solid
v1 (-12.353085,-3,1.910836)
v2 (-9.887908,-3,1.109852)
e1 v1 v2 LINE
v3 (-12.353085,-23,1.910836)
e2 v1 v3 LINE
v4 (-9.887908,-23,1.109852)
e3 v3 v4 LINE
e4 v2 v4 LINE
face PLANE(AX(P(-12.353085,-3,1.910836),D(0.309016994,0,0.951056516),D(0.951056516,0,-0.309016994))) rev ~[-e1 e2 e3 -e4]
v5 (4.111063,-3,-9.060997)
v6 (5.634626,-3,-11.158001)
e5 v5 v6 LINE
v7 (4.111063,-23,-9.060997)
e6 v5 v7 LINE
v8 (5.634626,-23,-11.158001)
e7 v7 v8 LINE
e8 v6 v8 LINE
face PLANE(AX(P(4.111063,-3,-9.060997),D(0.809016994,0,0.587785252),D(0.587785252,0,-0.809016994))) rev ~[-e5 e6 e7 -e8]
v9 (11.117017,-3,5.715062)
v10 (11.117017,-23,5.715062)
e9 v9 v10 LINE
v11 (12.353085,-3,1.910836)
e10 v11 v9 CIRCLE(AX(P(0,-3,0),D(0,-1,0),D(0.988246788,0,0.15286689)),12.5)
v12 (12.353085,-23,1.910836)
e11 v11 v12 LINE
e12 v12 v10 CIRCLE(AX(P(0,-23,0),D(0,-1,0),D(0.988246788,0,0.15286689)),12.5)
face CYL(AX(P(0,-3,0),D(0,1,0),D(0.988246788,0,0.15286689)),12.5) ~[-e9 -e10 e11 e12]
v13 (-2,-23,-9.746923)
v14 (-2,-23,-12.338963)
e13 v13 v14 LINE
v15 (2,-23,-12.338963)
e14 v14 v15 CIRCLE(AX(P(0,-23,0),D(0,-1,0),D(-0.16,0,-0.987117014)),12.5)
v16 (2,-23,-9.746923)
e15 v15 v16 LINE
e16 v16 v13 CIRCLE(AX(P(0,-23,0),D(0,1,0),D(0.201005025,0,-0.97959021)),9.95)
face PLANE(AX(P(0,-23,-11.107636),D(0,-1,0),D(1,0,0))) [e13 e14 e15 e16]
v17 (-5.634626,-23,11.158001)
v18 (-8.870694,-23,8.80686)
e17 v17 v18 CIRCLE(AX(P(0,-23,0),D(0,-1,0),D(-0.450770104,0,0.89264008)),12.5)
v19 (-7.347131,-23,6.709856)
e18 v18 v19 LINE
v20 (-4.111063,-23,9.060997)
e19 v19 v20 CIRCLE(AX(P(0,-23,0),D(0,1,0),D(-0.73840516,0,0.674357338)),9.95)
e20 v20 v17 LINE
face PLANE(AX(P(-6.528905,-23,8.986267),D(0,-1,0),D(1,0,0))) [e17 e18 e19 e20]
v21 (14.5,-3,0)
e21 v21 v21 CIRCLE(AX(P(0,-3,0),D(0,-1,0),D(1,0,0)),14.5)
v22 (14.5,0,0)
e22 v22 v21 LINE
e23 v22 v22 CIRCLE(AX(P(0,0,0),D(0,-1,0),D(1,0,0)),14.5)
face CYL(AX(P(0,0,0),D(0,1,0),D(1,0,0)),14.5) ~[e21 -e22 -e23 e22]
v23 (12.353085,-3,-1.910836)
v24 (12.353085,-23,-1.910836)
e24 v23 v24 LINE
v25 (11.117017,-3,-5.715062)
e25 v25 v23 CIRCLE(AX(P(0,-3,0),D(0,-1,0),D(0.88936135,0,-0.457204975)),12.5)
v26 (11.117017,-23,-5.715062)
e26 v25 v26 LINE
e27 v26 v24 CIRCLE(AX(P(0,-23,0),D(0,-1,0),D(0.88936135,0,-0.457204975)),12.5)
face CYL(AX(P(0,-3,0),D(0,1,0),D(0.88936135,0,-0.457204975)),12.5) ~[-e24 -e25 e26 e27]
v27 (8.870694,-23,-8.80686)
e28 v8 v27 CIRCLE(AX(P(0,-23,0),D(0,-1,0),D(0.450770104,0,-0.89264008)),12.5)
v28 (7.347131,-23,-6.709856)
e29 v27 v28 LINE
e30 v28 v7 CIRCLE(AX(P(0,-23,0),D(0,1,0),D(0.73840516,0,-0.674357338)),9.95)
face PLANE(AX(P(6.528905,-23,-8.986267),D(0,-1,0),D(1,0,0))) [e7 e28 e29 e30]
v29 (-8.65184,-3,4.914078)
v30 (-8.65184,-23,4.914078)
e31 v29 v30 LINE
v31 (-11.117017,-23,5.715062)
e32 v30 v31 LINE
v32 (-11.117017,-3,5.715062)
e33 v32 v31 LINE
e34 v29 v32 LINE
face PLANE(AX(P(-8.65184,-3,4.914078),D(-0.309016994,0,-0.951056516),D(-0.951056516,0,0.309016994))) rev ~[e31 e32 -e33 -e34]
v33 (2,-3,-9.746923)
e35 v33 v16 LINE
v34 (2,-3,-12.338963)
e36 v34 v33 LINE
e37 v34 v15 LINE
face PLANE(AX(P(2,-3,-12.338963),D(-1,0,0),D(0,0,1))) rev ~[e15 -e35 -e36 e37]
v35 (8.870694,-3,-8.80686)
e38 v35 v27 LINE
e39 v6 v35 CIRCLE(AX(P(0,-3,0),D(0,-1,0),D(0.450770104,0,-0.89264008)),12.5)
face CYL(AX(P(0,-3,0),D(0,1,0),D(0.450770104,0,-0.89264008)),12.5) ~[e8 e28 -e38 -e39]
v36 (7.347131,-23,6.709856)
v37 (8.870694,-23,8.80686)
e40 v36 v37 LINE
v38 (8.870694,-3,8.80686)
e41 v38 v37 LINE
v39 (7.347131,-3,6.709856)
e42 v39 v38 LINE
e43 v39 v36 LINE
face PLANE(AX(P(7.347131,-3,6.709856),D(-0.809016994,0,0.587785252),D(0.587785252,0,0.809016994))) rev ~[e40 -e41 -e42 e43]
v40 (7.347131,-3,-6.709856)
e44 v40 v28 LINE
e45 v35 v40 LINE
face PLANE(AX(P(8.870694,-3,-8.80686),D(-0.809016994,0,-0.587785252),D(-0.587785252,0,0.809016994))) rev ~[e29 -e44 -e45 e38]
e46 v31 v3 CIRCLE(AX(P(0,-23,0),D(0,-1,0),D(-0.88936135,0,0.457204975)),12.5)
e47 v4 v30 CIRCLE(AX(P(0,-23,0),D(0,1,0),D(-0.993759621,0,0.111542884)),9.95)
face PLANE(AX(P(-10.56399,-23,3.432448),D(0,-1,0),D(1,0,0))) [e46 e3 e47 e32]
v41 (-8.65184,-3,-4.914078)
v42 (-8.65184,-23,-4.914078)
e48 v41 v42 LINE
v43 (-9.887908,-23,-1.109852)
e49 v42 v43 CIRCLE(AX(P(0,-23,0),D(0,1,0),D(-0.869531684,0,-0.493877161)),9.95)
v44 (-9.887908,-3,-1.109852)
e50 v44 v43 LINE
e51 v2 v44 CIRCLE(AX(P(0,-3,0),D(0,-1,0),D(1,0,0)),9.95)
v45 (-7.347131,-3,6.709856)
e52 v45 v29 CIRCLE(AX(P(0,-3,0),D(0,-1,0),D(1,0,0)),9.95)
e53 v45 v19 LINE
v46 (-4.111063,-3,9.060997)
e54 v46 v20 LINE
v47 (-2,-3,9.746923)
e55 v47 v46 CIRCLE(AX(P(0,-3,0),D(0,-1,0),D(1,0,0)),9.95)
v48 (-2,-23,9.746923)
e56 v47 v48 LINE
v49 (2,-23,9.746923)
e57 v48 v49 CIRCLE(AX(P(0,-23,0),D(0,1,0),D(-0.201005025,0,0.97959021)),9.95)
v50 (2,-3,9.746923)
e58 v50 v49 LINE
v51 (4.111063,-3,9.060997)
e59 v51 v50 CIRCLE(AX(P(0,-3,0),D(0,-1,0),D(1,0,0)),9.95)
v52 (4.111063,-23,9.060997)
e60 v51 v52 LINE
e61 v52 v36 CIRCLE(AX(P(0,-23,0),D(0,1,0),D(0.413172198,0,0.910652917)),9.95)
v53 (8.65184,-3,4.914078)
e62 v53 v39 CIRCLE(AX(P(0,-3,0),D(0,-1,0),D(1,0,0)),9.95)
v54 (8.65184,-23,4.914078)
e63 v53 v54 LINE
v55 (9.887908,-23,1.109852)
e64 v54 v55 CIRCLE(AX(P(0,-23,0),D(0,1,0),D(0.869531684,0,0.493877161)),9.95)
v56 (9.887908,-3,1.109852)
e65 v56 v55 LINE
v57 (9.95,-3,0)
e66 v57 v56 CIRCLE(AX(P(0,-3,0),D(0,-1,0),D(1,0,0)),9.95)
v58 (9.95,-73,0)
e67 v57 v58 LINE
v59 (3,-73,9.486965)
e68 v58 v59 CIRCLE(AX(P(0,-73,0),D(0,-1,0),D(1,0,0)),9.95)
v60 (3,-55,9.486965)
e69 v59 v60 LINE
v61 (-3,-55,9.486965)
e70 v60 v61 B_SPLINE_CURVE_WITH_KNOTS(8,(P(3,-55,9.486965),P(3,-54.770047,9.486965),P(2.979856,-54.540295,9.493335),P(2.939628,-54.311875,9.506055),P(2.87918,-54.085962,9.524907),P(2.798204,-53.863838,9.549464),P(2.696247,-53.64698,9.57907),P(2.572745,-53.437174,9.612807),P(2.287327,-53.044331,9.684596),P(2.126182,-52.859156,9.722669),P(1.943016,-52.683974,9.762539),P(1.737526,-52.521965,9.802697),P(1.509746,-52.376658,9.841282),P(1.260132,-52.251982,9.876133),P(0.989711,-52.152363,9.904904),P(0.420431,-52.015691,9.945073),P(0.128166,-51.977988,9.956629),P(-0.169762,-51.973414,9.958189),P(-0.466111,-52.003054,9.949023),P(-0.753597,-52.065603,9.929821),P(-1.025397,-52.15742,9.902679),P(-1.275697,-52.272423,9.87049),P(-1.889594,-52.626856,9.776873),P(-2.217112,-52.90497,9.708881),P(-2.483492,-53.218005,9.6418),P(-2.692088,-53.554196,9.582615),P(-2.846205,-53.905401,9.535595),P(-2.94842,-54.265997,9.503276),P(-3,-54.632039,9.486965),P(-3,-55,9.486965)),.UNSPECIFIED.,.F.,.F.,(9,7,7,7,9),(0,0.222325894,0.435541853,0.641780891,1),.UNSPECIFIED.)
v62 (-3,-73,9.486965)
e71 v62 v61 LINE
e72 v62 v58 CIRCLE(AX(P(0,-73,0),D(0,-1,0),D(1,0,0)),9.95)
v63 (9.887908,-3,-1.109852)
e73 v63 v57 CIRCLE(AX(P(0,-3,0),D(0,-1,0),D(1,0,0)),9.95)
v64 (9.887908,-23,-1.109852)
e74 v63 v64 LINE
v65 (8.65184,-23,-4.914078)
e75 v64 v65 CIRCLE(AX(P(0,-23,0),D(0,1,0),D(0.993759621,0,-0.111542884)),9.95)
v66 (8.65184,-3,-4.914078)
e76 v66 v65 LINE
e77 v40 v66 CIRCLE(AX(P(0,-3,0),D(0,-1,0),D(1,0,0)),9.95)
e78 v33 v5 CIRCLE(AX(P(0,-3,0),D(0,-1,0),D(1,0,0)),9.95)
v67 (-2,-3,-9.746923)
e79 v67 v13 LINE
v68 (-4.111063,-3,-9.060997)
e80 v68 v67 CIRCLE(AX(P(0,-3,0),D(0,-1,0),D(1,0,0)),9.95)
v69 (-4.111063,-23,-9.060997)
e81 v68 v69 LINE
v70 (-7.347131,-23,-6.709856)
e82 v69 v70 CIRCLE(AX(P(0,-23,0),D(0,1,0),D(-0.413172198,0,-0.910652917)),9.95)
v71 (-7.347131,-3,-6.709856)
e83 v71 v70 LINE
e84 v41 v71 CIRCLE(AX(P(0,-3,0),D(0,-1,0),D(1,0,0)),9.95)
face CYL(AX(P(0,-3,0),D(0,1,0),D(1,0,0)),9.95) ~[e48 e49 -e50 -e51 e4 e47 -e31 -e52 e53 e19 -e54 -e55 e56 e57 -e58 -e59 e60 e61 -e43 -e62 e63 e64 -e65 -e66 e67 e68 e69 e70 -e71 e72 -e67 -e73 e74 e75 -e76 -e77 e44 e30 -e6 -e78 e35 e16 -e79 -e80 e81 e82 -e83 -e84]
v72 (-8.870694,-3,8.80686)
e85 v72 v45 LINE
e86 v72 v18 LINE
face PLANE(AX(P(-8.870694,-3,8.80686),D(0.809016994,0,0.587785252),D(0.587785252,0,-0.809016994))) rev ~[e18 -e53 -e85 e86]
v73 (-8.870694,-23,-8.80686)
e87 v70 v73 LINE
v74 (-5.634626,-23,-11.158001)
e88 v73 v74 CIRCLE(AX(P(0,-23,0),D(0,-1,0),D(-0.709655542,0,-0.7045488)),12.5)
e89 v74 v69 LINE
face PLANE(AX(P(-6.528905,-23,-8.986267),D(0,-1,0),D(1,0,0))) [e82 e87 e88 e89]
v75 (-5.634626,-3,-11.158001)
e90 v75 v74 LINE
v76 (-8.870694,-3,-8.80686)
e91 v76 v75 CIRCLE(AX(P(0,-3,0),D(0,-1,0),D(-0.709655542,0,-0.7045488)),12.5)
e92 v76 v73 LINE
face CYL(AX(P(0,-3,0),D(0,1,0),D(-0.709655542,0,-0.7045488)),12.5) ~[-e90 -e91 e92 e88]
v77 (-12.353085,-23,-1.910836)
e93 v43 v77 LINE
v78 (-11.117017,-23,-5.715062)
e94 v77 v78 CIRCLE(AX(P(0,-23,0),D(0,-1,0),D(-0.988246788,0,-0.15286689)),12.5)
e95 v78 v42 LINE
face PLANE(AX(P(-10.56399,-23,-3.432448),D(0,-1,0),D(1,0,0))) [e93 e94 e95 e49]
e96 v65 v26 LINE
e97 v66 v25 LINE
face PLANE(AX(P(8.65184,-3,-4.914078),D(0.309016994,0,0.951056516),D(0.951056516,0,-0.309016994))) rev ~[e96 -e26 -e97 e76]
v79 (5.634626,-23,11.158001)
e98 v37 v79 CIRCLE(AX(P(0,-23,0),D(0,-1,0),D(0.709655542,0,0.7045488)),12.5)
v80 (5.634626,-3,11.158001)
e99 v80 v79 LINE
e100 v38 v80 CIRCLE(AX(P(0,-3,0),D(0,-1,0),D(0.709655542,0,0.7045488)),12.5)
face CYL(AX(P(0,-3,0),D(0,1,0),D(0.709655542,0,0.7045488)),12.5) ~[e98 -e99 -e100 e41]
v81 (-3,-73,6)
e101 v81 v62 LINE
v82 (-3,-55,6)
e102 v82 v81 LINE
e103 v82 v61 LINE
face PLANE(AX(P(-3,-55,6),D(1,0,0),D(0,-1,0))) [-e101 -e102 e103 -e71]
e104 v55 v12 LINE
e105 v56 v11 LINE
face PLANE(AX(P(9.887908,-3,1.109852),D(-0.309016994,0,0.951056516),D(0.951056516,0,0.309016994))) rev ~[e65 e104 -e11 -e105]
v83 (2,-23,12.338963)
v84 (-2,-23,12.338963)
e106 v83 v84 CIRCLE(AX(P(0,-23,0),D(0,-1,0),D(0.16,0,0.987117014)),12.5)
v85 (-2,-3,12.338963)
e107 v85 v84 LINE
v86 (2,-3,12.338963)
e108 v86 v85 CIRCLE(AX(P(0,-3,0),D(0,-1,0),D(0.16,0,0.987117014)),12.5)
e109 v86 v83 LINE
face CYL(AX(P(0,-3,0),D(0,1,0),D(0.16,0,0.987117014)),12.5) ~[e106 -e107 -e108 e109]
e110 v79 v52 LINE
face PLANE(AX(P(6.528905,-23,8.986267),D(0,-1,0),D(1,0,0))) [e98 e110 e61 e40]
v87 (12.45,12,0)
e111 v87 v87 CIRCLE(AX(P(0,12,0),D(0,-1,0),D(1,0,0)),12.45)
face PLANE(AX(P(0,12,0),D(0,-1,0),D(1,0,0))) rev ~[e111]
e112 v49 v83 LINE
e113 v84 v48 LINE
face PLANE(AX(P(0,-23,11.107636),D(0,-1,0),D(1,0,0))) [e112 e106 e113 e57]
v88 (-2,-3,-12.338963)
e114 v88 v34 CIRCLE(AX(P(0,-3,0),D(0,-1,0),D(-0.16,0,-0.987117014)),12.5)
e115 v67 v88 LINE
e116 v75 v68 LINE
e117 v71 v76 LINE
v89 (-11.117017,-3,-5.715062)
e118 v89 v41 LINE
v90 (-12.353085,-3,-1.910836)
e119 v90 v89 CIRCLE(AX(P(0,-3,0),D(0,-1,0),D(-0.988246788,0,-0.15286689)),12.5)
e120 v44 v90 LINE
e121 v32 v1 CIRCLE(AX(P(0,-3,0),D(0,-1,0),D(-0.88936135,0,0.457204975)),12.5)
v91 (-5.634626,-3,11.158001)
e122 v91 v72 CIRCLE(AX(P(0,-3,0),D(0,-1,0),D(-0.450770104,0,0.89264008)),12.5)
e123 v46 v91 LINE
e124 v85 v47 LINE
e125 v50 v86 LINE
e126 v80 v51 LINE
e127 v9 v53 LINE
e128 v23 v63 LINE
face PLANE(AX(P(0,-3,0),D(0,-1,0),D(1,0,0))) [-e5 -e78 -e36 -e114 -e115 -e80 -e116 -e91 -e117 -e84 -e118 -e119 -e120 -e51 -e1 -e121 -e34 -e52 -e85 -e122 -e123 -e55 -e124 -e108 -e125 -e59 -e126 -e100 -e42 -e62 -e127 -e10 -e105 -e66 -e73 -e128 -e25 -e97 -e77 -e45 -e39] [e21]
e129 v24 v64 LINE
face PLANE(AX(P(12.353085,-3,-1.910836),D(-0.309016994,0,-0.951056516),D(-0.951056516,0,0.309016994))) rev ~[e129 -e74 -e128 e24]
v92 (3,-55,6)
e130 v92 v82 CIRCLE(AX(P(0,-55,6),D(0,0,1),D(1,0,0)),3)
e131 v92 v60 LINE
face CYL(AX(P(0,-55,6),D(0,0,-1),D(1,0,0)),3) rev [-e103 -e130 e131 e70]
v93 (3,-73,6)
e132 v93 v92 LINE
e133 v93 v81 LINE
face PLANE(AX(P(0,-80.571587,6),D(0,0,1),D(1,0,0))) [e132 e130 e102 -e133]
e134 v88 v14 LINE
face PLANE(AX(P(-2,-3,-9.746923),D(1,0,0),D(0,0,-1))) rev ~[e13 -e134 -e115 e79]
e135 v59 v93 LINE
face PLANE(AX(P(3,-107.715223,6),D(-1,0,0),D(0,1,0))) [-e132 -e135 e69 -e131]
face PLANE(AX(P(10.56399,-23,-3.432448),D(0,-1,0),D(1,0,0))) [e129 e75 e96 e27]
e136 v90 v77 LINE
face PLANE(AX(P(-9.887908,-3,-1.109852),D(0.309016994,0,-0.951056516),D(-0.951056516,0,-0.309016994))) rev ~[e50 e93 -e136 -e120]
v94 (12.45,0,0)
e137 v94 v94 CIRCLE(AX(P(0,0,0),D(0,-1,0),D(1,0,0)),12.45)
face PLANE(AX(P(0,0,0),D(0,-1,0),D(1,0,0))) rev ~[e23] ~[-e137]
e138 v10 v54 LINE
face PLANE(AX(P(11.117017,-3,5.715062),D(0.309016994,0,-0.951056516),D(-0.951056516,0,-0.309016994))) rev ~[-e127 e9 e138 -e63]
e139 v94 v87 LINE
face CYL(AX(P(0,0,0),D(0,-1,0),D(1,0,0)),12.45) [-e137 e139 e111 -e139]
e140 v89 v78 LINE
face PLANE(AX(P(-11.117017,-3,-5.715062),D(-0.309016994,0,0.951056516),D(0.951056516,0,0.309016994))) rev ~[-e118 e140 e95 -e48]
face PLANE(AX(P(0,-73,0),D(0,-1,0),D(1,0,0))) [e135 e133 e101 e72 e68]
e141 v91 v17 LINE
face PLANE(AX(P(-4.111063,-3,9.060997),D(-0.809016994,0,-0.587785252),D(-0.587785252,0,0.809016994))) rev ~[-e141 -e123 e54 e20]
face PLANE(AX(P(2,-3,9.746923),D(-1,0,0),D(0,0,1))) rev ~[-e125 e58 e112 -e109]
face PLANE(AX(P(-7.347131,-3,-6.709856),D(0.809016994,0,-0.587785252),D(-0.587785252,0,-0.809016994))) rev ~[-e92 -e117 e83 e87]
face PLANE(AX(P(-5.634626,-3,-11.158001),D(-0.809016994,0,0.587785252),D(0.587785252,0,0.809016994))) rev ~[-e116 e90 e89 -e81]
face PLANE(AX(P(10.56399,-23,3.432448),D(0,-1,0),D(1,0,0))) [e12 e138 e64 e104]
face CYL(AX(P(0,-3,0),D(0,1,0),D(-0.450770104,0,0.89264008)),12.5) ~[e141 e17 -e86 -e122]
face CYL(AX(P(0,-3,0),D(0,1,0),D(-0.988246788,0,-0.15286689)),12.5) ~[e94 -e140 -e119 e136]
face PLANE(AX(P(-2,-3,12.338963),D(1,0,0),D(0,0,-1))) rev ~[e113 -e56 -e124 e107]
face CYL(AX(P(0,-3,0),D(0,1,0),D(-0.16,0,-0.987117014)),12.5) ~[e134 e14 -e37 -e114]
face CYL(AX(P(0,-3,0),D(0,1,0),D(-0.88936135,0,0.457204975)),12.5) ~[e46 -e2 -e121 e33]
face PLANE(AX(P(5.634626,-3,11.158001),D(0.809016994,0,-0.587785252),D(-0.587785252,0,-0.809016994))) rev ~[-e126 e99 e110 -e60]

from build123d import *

# Parameters (mm, degrees)
F0_R      = 12.45
F1_DEPTH  = 12
F2_R      = 14.5
F3_DEPTH  = 3
F4_R      = 9.95
F5_DEPTH  = 70
F8_DEPTH  = 12
F10_DEPTH = 20


with BuildPart() as f1:
    # F0 (on Front) → F1 (new body)
    with BuildSketch(Plane.XZ):
        Circle(F0_R)
    extrude(amount=-F1_DEPTH)

    # F2 (on Front) → F3 (join)
    with BuildSketch(Plane.XZ):
        Circle(F2_R)
    extrude(amount=F3_DEPTH)

    # F4 (on face) → F5 (join)
    with BuildSketch(Plane.XZ.offset(3)):
        Circle(F4_R)
    extrude(amount=F5_DEPTH)

    # F7 (on offset) → F8 (cut)
    with BuildSketch(Plane.XY.offset(6)):
        with BuildLine():
            Line((-3, -55), (-3, -107.7152226879))
            Line((-3, -107.7152226879), (3, -107.7152226879))
            Line((3, -107.7152226879), (3, -55))
            ThreePointArc((3, -55), (0, -52), (-3, -55))
        make_face()
    extrude(amount=F8_DEPTH, mode=Mode.SUBTRACT)

    # F9 (on face) → F10 (join)
    with BuildSketch(Plane.XZ.offset(3)):
        with BuildLine():
            Line((-8.8706942802, 8.8068599959), (-7.3471313431, 6.7098555146))
            ThreePointArc((-7.3471313431, 6.7098555146), (-5.8484632603, 8.049719094), (-4.1110633656, 9.0609965238))
            Line((-4.1110633656, 9.0609965238), (-5.6346263027, 11.1580010051))
            ThreePointArc((-5.6346263027, 11.1580010051), (-7.3473156537, 10.1127124297), (-8.8706942802, 8.8068599959))
        make_face()
        with BuildLine():
            Line((-2, 12.3389626793), (-2, 9.7469225913))
            ThreePointArc((-2, 9.7469225913), (0, 9.95), (2, 9.7469225913))
            Line((2, 9.7469225913), (2, 12.3389626793))
            ThreePointArc((2, 12.3389626793), (0, 12.5), (-2, 12.3389626793))
        make_face()
        with BuildLine():
            ThreePointArc((4.1110633656, 9.0609965238), (5.8484632603, 8.049719094), (7.3471313431, 6.7098555146))
            Line((7.3471313431, 6.7098555146), (8.8706942802, 8.8068599959))
            ThreePointArc((8.8706942802, 8.8068599959), (7.3473156537, 10.1127124297), (5.6346263027, 11.1580010051))
            Line((5.6346263027, 11.1580010051), (4.1110633656, 9.0609965238))
        make_face()
        with BuildLine():
            ThreePointArc((8.6518402555, 4.9140777561), (9.4630123371, 3.074719094), (9.887908233, 1.109851691))
            Line((9.887908233, 1.109851691), (12.3530848492, 1.9108361283))
            ThreePointArc((12.3530848492, 1.9108361283), (11.8882064537, 3.8627124297), (11.1170168717, 5.7150621934))
            Line((11.1170168717, 5.7150621934), (8.6518402555, 4.9140777561))
        make_face()
        with BuildLine():
            ThreePointArc((9.887908233, -1.109851691), (9.4630123371, -3.074719094), (8.6518402555, -4.9140777561))
            Line((8.6518402555, -4.9140777561), (11.1170168717, -5.7150621934))
            ThreePointArc((11.1170168717, -5.7150621934), (11.8882064537, -3.8627124297), (12.3530848492, -1.9108361283))
            Line((12.3530848492, -1.9108361283), (9.887908233, -1.109851691))
        make_face()
        with BuildLine():
            Line((-12.3530848492, 1.9108361283), (-9.887908233, 1.109851691))
            ThreePointArc((-9.887908233, 1.109851691), (-9.4630123371, 3.074719094), (-8.6518402555, 4.9140777561))
            Line((-8.6518402555, 4.9140777561), (-11.1170168717, 5.7150621934))
            ThreePointArc((-11.1170168717, 5.7150621934), (-11.8882064537, 3.8627124297), (-12.3530848492, 1.9108361283))
        make_face()
        with BuildLine():
            Line((-11.1170168717, -5.7150621934), (-8.6518402555, -4.9140777561))
            ThreePointArc((-8.6518402555, -4.9140777561), (-9.4630123371, -3.074719094), (-9.887908233, -1.109851691))
            Line((-9.887908233, -1.109851691), (-12.3530848492, -1.9108361283))
            ThreePointArc((-12.3530848492, -1.9108361283), (-11.8882064537, -3.8627124297), (-11.1170168717, -5.7150621934))
        make_face()
        with BuildLine():
            Line((-5.6346263027, -11.1580010051), (-4.1110633656, -9.0609965238))
            ThreePointArc((-4.1110633656, -9.0609965238), (-5.8484632603, -8.049719094), (-7.3471313431, -6.7098555146))
            Line((-7.3471313431, -6.7098555146), (-8.8706942802, -8.8068599959))
            ThreePointArc((-8.8706942802, -8.8068599959), (-7.3473156537, -10.1127124297), (-5.6346263027, -11.1580010051))
        make_face()
        with BuildLine():
            Line((-2, -9.7469225913), (-2, -12.3389626793))
            ThreePointArc((-2, -12.3389626793), (0, -12.5), (2, -12.3389626793))
            Line((2, -12.3389626793), (2, -9.7469225913))
            ThreePointArc((2, -9.7469225913), (0, -9.95), (-2, -9.7469225913))
        make_face()
        with BuildLine():
            ThreePointArc((7.3471313431, -6.7098555146), (5.8484632603, -8.049719094), (4.1110633656, -9.0609965238))
            Line((4.1110633656, -9.0609965238), (5.6346263027, -11.1580010051))
            ThreePointArc((5.6346263027, -11.1580010051), (7.3473156537, -10.1127124297), (8.8706942802, -8.8068599959))
            Line((8.8706942802, -8.8068599959), (7.3471313431, -6.7098555146))
        make_face()
    extrude(amount=F10_DEPTH)


solid = f1.part
